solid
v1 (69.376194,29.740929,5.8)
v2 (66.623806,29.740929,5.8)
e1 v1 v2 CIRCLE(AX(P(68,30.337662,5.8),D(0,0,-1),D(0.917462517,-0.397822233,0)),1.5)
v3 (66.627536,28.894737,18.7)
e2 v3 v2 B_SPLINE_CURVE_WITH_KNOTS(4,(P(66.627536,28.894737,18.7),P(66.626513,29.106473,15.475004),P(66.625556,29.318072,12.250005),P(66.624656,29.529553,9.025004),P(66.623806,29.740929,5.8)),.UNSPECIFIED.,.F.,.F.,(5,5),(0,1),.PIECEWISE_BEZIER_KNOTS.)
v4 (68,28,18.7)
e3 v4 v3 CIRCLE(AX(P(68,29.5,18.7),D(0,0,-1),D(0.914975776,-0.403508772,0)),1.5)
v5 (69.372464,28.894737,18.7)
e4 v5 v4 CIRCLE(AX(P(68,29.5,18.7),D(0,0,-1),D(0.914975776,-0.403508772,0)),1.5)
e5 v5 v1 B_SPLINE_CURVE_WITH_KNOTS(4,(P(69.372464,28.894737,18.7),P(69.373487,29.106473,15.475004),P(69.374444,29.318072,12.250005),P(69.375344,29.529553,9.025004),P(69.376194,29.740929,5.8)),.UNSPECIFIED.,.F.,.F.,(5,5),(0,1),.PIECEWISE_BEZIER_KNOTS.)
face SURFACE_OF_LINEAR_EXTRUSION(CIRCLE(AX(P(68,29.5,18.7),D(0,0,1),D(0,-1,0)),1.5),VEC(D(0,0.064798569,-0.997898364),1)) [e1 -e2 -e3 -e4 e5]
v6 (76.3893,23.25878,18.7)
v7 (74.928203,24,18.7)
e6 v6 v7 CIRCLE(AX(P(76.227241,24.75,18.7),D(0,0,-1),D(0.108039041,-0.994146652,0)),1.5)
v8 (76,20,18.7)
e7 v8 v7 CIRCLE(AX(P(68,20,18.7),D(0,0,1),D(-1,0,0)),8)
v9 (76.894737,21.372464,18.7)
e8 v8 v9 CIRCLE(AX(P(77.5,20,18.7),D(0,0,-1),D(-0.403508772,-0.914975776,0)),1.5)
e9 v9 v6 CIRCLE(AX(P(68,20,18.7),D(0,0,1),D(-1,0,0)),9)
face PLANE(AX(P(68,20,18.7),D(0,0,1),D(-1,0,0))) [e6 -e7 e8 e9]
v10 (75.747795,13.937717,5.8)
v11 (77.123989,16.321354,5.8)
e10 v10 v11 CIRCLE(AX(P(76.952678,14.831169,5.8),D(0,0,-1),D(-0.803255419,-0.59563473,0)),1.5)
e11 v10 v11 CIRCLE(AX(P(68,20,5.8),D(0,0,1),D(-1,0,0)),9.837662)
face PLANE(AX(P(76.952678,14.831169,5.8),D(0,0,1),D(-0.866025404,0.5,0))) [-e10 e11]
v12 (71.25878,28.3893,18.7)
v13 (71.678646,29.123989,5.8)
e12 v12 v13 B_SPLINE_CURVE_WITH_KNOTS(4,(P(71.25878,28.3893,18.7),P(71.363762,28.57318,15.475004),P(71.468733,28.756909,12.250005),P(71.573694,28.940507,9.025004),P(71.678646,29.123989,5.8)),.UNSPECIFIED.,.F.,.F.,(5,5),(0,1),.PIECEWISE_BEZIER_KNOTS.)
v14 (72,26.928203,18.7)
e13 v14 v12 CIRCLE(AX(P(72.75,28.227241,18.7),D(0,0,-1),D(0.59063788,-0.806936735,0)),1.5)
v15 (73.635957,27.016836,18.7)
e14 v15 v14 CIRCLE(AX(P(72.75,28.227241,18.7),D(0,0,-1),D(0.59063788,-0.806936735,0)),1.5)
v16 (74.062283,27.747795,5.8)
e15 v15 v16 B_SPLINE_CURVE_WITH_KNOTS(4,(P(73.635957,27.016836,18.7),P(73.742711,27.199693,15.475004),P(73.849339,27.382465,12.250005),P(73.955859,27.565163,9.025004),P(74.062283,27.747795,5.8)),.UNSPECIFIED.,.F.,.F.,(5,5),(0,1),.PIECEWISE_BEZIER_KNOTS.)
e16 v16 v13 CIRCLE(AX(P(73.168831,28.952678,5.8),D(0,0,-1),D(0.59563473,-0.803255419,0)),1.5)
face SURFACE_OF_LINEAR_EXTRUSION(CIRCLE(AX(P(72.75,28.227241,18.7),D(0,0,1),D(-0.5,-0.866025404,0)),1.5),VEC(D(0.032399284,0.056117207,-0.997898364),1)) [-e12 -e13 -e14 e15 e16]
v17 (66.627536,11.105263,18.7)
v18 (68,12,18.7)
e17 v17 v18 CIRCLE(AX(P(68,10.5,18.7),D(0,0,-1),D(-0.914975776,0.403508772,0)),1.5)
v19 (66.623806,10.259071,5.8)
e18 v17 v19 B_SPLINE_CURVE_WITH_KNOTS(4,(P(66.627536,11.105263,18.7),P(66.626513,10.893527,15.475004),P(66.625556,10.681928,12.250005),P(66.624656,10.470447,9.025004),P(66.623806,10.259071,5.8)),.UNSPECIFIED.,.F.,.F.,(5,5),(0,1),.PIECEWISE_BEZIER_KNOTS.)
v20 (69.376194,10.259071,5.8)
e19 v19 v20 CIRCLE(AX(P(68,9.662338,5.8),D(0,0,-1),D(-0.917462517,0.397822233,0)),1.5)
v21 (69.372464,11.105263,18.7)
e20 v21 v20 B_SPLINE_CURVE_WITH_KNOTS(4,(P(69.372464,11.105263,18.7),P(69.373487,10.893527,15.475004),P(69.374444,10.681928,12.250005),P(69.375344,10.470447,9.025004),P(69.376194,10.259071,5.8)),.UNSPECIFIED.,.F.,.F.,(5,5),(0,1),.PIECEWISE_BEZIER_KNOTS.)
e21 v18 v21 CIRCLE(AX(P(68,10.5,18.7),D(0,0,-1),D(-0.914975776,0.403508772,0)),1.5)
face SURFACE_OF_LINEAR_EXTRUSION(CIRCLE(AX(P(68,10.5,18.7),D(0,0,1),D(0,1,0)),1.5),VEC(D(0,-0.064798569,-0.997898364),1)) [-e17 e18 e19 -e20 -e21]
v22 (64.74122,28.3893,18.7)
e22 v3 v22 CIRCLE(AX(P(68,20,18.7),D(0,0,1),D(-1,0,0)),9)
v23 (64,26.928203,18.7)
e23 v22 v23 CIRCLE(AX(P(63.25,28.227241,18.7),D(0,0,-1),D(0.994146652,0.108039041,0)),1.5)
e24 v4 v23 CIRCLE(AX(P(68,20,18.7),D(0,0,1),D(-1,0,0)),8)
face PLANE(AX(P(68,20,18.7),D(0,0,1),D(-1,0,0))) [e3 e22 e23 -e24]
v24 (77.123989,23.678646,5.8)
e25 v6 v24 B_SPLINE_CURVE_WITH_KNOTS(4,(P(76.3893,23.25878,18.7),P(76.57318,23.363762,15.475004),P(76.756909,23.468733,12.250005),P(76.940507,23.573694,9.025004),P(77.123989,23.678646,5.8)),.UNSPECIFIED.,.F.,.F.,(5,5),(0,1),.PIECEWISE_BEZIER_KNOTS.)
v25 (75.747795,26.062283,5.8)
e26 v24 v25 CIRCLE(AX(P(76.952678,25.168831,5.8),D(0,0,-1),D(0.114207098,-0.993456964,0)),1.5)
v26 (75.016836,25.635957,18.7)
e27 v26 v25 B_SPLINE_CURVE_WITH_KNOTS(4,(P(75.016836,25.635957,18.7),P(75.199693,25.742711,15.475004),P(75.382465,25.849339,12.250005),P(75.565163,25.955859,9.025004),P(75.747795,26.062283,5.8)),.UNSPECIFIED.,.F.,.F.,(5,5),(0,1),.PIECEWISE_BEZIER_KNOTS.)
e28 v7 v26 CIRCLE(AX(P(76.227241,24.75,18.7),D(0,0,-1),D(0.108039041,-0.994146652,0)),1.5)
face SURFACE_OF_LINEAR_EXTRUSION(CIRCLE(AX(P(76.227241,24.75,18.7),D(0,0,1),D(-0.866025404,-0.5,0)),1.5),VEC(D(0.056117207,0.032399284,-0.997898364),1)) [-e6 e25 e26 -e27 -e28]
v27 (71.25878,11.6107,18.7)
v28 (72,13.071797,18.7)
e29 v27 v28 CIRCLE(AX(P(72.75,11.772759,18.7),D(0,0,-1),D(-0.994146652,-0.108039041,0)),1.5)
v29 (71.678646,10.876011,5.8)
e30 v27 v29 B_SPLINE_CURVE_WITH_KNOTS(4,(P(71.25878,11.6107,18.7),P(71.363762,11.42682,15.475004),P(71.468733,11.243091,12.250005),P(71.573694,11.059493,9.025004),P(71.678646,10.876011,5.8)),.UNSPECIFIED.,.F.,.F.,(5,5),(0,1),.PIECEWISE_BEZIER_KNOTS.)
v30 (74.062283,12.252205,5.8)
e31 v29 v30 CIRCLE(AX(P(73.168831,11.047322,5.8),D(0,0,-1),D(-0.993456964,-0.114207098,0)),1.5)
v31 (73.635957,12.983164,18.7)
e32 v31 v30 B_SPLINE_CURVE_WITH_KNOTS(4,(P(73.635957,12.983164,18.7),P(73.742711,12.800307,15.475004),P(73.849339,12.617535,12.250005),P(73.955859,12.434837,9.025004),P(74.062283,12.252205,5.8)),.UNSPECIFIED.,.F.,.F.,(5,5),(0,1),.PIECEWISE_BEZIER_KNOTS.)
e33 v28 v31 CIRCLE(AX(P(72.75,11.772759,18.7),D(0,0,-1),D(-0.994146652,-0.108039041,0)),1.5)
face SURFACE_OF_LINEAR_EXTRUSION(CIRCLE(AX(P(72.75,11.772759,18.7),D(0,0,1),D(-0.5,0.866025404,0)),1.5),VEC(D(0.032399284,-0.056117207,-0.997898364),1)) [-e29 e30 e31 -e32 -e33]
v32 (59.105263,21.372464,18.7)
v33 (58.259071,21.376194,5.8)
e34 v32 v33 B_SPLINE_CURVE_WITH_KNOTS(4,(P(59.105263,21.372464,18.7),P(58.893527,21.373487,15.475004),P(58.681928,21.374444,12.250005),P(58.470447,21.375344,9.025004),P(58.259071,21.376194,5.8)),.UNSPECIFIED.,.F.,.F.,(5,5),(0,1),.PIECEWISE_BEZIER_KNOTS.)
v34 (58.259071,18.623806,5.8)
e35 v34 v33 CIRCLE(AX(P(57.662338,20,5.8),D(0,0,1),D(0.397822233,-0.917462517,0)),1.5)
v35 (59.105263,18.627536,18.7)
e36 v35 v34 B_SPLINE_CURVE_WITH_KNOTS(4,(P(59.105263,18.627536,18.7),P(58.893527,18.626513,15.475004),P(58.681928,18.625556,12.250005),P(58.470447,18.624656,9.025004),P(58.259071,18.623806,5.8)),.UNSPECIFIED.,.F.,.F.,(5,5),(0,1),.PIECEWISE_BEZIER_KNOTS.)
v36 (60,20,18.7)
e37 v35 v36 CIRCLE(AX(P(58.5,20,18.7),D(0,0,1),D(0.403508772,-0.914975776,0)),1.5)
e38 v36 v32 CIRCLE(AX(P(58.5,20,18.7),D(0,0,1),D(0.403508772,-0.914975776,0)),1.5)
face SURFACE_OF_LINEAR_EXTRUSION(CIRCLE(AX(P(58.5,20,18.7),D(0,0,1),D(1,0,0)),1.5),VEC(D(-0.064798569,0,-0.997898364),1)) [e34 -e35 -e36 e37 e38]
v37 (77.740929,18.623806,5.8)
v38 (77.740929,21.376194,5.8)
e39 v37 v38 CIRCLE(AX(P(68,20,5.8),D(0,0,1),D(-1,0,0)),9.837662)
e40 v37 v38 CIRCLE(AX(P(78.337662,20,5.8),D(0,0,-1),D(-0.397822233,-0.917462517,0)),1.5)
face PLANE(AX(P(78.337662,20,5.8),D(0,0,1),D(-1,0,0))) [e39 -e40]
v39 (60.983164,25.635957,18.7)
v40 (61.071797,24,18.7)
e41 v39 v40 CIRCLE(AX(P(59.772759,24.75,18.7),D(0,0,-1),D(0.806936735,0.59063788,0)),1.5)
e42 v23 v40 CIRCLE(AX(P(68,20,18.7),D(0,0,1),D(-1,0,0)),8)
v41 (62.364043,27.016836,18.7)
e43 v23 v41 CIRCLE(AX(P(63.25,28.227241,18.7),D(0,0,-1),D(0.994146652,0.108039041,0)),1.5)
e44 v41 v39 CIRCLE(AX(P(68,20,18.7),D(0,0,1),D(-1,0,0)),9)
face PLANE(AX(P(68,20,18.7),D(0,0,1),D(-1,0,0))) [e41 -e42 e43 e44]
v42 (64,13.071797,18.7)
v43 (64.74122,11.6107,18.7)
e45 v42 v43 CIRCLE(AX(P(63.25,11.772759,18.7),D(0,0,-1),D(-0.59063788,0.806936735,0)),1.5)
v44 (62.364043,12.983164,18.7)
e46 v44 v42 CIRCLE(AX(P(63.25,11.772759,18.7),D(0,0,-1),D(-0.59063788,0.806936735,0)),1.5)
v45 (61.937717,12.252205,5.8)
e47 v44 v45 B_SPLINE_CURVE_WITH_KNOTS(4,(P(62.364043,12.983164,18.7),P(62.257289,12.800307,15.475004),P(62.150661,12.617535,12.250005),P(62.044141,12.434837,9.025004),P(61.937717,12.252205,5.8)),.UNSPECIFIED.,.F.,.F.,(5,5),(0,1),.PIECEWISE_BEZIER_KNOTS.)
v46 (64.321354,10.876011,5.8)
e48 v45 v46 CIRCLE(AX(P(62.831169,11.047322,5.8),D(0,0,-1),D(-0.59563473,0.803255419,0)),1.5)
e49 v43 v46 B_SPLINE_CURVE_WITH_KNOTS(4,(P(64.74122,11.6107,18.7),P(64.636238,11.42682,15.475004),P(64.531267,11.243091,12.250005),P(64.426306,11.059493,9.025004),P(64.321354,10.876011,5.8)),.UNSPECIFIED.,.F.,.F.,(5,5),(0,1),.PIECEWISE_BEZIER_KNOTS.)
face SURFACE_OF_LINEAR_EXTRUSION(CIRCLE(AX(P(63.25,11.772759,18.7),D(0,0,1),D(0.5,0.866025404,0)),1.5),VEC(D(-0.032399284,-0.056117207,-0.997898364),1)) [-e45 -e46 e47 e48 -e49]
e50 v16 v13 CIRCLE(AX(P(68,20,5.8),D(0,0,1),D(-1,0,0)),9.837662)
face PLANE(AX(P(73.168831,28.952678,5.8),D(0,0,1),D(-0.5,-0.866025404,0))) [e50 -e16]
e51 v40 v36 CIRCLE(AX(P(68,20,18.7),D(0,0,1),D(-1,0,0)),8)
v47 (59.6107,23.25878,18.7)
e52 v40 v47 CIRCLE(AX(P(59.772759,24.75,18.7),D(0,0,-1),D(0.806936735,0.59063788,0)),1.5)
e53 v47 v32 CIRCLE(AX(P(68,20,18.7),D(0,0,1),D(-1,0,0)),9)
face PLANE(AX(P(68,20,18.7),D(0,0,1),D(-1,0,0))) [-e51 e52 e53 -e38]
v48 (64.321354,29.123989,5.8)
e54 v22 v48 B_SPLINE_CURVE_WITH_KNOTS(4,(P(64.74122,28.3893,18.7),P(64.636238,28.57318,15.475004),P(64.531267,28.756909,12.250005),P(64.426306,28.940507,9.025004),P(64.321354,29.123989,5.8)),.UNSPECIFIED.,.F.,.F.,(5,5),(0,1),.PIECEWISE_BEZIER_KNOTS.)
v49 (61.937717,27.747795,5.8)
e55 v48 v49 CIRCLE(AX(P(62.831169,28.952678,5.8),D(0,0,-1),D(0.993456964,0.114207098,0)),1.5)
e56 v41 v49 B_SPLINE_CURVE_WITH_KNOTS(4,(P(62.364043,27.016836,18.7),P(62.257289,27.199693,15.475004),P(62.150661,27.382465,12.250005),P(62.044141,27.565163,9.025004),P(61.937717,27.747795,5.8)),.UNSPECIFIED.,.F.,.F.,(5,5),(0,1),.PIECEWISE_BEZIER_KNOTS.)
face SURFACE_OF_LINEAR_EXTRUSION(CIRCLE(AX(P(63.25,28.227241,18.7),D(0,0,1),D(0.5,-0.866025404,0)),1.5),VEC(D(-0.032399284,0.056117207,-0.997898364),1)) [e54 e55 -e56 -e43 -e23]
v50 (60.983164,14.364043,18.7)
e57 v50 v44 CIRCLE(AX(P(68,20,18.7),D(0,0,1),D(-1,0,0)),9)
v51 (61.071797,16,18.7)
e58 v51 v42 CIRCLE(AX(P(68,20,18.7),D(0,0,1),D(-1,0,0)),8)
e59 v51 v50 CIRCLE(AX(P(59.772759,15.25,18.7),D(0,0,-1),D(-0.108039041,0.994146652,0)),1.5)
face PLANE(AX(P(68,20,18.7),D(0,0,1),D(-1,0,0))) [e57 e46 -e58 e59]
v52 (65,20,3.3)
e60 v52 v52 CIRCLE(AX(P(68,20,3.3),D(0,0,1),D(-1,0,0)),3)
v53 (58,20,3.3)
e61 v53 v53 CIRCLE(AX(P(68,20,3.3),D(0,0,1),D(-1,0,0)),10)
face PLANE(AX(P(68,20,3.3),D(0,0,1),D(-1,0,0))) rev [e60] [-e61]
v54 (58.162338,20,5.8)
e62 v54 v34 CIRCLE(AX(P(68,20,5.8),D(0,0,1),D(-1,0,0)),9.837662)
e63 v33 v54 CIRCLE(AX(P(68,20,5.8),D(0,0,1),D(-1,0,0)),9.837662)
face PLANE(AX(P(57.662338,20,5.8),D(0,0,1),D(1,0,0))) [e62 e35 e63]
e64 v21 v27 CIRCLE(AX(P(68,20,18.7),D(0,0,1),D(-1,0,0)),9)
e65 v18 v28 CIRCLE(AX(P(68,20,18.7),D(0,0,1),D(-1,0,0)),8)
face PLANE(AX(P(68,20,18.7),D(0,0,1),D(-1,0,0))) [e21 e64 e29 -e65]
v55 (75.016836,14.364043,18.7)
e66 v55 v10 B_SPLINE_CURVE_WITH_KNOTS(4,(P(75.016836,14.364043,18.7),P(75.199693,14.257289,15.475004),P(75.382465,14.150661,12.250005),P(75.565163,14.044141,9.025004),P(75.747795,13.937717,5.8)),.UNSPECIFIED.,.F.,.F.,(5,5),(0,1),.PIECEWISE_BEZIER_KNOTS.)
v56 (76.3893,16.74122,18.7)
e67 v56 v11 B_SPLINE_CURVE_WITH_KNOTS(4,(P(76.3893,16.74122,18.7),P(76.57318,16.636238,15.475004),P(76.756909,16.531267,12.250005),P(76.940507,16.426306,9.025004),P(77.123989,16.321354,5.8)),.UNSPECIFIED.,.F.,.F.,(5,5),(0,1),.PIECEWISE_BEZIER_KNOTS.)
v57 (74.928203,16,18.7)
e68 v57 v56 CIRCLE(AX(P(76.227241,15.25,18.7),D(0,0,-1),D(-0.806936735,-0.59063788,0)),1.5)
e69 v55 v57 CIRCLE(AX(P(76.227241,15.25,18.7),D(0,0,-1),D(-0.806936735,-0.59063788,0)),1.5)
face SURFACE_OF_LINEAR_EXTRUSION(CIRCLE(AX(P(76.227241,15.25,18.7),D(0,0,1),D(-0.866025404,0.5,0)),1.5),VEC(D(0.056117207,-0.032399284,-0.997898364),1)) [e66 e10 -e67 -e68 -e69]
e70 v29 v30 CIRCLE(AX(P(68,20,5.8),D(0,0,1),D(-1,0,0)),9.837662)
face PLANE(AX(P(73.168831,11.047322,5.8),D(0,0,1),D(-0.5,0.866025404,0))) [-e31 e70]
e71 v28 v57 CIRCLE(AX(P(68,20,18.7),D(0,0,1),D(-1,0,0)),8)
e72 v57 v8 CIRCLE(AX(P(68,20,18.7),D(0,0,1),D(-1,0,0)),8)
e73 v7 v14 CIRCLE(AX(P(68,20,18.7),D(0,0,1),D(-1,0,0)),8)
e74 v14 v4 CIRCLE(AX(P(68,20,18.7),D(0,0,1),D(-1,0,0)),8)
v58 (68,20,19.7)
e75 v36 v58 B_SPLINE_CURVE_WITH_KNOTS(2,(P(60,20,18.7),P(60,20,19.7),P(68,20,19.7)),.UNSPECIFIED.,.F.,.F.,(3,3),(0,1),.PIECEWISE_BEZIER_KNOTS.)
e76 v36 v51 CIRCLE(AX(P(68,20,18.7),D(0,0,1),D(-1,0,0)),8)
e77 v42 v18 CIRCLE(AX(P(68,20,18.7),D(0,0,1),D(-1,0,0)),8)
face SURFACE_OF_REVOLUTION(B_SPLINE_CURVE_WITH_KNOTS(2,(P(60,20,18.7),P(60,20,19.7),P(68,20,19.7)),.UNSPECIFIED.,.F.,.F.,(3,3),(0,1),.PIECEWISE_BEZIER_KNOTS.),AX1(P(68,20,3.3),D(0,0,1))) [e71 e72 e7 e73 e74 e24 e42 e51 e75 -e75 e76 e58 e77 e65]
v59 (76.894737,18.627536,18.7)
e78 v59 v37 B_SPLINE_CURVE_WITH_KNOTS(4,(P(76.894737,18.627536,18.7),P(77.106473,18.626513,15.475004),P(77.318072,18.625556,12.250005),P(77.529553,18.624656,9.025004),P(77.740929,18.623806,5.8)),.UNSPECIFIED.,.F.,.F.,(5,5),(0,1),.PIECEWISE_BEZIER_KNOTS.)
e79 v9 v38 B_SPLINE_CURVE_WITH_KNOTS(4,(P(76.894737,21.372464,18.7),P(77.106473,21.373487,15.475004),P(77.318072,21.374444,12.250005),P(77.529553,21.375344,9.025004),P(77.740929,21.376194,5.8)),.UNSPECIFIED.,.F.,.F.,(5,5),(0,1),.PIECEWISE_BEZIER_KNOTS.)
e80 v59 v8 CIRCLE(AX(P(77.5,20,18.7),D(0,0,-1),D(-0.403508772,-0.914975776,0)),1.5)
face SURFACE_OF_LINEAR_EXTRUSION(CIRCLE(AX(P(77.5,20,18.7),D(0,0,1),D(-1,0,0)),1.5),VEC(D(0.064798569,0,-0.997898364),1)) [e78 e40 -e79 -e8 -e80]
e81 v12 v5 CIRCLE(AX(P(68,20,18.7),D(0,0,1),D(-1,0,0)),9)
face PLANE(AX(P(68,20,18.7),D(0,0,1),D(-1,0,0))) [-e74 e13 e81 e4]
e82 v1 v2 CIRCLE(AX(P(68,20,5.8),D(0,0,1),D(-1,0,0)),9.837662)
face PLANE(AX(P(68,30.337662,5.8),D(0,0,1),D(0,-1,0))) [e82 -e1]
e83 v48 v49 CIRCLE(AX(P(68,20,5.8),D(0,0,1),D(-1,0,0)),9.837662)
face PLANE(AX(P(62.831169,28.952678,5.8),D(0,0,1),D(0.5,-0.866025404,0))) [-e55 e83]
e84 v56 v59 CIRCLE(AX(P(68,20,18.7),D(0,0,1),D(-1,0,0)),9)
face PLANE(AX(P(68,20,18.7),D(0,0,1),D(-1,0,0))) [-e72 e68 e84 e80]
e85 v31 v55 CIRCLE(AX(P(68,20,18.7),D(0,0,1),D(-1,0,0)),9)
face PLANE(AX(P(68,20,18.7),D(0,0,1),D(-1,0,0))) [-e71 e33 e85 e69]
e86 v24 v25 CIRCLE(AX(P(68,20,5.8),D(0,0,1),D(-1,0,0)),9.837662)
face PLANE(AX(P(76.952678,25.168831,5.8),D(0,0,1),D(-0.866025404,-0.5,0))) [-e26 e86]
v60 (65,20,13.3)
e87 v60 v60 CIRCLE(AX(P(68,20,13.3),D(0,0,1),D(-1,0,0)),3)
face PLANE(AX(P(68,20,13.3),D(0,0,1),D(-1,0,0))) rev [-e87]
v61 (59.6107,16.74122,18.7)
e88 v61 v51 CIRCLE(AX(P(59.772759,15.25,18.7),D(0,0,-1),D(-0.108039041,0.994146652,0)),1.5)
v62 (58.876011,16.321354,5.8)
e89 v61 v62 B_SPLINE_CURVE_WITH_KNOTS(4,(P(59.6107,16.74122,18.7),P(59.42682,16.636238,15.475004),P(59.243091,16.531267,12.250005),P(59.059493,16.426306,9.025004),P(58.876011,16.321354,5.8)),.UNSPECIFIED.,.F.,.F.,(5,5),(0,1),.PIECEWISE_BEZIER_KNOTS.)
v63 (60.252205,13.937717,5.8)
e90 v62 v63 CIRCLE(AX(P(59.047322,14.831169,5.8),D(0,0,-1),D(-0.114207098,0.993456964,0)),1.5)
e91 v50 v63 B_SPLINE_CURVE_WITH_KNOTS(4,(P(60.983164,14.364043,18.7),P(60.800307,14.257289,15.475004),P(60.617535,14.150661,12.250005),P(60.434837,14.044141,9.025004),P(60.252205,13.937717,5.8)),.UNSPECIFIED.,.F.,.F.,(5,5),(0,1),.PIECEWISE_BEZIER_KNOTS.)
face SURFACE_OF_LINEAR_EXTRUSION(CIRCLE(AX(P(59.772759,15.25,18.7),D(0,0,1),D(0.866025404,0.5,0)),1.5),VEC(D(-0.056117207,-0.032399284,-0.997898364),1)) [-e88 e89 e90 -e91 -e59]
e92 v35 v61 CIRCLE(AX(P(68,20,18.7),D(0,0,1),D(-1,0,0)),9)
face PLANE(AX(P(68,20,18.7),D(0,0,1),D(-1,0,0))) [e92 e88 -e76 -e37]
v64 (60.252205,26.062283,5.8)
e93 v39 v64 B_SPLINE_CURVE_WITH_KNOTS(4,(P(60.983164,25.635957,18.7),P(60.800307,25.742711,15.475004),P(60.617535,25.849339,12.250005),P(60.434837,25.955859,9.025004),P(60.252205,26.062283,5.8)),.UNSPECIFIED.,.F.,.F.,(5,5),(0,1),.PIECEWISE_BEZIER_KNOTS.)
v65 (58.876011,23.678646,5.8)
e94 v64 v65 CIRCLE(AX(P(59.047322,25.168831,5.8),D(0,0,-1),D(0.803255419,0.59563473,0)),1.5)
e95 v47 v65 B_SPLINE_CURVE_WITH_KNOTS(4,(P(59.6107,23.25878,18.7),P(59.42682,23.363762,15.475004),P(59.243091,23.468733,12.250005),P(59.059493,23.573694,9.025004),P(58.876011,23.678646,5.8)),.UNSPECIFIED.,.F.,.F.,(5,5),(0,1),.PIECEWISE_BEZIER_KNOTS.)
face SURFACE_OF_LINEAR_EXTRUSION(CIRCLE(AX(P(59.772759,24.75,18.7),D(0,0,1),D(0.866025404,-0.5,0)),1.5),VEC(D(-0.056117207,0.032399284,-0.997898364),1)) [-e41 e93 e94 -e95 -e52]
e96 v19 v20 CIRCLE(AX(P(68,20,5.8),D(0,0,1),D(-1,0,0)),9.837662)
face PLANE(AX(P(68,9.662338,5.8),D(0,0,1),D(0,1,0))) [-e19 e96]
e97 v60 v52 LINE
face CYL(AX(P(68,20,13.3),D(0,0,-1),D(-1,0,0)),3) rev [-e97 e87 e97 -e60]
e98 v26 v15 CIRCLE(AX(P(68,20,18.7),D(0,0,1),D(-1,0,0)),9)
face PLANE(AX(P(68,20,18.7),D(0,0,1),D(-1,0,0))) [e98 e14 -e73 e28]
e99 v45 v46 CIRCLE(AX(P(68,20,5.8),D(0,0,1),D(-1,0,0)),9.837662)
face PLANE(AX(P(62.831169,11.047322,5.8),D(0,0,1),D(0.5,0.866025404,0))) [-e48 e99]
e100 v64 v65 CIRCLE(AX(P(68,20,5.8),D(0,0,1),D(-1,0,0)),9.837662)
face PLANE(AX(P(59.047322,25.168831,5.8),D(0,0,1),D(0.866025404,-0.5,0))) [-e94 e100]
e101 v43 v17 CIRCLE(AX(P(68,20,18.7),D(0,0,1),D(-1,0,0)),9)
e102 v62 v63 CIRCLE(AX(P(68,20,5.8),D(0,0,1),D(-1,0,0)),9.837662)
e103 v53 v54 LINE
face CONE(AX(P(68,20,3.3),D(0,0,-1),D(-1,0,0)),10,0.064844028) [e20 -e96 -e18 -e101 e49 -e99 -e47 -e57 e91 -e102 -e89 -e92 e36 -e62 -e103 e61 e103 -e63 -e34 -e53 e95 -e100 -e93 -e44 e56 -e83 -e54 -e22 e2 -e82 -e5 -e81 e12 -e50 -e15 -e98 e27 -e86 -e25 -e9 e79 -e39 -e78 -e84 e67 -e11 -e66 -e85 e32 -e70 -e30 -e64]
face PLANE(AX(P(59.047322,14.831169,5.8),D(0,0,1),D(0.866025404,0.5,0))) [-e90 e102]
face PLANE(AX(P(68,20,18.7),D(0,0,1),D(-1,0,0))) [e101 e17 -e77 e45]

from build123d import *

# Parameters (mm, degrees)
SKETCH015_R           = 1.5
POLARPATTERN001_COUNT = 12


with BuildPart() as part:
    # Sketch014 (on XZ_Plane006 of Origin012) → Revolution (revolve)
    with BuildSketch(Plane.XZ):
        Polygon((0, 10), (-3, 10), (-3, 0), (-10, 0), (-9, 15.4), (0, 15.4), align=None)
    revolve(axis=Axis((0, 0, 0), (0, 0, 1)))

    # SubtractivePipe: sweep along a path in Sketch016
    with BuildLine(Plane.XZ) as subtractivepipe_path:
        Line((-9, 15.4), (-9.837662, 2.5))
    # Sketch015 (on Face5 of Revolution) → SubtractivePipe (sweep, cut)
    with BuildSketch(Plane.XY.offset(15.4)):
        with Locations((-9.5, 0)):
            Circle(SKETCH015_R)
    subtractivepipe = sweep(path=subtractivepipe_path.line, mode=Mode.SUBTRACT)

    # PolarPattern001: SubtractivePipe ×12 about axis
    polarpattern001_axis = Axis((0, 0, 15.4), (0, 0, 1))
    for i in range(1, POLARPATTERN001_COUNT):
        add(subtractivepipe.rotate(polarpattern001_axis, i * 360 / POLARPATTERN001_COUNT), mode=Mode.SUBTRACT)

    # Sketch017 (on XZ_Plane006 of Origin012) → Revolution001 (revolve)
    with BuildSketch(Plane.XZ):
        with BuildLine():
            Line((0, 15.4), (-8, 15.4))
            add(Edge.make_bspline(
                [(-8, 15.4), (-8, 16.4), (0, 16.4)],
                knots=[0, 0, 0, 1, 1, 1], degree=2))
            Line((0, 16.4), (0, 15.4))
        make_face()
    revolve(axis=Axis((0, 0, 0), (0, 0, 1)))


with BuildPart() as part_1:
    # Body004 placement: moved
    add(part.part.moved(Location((68, 20, 3.3))))


solid = part_1.part
